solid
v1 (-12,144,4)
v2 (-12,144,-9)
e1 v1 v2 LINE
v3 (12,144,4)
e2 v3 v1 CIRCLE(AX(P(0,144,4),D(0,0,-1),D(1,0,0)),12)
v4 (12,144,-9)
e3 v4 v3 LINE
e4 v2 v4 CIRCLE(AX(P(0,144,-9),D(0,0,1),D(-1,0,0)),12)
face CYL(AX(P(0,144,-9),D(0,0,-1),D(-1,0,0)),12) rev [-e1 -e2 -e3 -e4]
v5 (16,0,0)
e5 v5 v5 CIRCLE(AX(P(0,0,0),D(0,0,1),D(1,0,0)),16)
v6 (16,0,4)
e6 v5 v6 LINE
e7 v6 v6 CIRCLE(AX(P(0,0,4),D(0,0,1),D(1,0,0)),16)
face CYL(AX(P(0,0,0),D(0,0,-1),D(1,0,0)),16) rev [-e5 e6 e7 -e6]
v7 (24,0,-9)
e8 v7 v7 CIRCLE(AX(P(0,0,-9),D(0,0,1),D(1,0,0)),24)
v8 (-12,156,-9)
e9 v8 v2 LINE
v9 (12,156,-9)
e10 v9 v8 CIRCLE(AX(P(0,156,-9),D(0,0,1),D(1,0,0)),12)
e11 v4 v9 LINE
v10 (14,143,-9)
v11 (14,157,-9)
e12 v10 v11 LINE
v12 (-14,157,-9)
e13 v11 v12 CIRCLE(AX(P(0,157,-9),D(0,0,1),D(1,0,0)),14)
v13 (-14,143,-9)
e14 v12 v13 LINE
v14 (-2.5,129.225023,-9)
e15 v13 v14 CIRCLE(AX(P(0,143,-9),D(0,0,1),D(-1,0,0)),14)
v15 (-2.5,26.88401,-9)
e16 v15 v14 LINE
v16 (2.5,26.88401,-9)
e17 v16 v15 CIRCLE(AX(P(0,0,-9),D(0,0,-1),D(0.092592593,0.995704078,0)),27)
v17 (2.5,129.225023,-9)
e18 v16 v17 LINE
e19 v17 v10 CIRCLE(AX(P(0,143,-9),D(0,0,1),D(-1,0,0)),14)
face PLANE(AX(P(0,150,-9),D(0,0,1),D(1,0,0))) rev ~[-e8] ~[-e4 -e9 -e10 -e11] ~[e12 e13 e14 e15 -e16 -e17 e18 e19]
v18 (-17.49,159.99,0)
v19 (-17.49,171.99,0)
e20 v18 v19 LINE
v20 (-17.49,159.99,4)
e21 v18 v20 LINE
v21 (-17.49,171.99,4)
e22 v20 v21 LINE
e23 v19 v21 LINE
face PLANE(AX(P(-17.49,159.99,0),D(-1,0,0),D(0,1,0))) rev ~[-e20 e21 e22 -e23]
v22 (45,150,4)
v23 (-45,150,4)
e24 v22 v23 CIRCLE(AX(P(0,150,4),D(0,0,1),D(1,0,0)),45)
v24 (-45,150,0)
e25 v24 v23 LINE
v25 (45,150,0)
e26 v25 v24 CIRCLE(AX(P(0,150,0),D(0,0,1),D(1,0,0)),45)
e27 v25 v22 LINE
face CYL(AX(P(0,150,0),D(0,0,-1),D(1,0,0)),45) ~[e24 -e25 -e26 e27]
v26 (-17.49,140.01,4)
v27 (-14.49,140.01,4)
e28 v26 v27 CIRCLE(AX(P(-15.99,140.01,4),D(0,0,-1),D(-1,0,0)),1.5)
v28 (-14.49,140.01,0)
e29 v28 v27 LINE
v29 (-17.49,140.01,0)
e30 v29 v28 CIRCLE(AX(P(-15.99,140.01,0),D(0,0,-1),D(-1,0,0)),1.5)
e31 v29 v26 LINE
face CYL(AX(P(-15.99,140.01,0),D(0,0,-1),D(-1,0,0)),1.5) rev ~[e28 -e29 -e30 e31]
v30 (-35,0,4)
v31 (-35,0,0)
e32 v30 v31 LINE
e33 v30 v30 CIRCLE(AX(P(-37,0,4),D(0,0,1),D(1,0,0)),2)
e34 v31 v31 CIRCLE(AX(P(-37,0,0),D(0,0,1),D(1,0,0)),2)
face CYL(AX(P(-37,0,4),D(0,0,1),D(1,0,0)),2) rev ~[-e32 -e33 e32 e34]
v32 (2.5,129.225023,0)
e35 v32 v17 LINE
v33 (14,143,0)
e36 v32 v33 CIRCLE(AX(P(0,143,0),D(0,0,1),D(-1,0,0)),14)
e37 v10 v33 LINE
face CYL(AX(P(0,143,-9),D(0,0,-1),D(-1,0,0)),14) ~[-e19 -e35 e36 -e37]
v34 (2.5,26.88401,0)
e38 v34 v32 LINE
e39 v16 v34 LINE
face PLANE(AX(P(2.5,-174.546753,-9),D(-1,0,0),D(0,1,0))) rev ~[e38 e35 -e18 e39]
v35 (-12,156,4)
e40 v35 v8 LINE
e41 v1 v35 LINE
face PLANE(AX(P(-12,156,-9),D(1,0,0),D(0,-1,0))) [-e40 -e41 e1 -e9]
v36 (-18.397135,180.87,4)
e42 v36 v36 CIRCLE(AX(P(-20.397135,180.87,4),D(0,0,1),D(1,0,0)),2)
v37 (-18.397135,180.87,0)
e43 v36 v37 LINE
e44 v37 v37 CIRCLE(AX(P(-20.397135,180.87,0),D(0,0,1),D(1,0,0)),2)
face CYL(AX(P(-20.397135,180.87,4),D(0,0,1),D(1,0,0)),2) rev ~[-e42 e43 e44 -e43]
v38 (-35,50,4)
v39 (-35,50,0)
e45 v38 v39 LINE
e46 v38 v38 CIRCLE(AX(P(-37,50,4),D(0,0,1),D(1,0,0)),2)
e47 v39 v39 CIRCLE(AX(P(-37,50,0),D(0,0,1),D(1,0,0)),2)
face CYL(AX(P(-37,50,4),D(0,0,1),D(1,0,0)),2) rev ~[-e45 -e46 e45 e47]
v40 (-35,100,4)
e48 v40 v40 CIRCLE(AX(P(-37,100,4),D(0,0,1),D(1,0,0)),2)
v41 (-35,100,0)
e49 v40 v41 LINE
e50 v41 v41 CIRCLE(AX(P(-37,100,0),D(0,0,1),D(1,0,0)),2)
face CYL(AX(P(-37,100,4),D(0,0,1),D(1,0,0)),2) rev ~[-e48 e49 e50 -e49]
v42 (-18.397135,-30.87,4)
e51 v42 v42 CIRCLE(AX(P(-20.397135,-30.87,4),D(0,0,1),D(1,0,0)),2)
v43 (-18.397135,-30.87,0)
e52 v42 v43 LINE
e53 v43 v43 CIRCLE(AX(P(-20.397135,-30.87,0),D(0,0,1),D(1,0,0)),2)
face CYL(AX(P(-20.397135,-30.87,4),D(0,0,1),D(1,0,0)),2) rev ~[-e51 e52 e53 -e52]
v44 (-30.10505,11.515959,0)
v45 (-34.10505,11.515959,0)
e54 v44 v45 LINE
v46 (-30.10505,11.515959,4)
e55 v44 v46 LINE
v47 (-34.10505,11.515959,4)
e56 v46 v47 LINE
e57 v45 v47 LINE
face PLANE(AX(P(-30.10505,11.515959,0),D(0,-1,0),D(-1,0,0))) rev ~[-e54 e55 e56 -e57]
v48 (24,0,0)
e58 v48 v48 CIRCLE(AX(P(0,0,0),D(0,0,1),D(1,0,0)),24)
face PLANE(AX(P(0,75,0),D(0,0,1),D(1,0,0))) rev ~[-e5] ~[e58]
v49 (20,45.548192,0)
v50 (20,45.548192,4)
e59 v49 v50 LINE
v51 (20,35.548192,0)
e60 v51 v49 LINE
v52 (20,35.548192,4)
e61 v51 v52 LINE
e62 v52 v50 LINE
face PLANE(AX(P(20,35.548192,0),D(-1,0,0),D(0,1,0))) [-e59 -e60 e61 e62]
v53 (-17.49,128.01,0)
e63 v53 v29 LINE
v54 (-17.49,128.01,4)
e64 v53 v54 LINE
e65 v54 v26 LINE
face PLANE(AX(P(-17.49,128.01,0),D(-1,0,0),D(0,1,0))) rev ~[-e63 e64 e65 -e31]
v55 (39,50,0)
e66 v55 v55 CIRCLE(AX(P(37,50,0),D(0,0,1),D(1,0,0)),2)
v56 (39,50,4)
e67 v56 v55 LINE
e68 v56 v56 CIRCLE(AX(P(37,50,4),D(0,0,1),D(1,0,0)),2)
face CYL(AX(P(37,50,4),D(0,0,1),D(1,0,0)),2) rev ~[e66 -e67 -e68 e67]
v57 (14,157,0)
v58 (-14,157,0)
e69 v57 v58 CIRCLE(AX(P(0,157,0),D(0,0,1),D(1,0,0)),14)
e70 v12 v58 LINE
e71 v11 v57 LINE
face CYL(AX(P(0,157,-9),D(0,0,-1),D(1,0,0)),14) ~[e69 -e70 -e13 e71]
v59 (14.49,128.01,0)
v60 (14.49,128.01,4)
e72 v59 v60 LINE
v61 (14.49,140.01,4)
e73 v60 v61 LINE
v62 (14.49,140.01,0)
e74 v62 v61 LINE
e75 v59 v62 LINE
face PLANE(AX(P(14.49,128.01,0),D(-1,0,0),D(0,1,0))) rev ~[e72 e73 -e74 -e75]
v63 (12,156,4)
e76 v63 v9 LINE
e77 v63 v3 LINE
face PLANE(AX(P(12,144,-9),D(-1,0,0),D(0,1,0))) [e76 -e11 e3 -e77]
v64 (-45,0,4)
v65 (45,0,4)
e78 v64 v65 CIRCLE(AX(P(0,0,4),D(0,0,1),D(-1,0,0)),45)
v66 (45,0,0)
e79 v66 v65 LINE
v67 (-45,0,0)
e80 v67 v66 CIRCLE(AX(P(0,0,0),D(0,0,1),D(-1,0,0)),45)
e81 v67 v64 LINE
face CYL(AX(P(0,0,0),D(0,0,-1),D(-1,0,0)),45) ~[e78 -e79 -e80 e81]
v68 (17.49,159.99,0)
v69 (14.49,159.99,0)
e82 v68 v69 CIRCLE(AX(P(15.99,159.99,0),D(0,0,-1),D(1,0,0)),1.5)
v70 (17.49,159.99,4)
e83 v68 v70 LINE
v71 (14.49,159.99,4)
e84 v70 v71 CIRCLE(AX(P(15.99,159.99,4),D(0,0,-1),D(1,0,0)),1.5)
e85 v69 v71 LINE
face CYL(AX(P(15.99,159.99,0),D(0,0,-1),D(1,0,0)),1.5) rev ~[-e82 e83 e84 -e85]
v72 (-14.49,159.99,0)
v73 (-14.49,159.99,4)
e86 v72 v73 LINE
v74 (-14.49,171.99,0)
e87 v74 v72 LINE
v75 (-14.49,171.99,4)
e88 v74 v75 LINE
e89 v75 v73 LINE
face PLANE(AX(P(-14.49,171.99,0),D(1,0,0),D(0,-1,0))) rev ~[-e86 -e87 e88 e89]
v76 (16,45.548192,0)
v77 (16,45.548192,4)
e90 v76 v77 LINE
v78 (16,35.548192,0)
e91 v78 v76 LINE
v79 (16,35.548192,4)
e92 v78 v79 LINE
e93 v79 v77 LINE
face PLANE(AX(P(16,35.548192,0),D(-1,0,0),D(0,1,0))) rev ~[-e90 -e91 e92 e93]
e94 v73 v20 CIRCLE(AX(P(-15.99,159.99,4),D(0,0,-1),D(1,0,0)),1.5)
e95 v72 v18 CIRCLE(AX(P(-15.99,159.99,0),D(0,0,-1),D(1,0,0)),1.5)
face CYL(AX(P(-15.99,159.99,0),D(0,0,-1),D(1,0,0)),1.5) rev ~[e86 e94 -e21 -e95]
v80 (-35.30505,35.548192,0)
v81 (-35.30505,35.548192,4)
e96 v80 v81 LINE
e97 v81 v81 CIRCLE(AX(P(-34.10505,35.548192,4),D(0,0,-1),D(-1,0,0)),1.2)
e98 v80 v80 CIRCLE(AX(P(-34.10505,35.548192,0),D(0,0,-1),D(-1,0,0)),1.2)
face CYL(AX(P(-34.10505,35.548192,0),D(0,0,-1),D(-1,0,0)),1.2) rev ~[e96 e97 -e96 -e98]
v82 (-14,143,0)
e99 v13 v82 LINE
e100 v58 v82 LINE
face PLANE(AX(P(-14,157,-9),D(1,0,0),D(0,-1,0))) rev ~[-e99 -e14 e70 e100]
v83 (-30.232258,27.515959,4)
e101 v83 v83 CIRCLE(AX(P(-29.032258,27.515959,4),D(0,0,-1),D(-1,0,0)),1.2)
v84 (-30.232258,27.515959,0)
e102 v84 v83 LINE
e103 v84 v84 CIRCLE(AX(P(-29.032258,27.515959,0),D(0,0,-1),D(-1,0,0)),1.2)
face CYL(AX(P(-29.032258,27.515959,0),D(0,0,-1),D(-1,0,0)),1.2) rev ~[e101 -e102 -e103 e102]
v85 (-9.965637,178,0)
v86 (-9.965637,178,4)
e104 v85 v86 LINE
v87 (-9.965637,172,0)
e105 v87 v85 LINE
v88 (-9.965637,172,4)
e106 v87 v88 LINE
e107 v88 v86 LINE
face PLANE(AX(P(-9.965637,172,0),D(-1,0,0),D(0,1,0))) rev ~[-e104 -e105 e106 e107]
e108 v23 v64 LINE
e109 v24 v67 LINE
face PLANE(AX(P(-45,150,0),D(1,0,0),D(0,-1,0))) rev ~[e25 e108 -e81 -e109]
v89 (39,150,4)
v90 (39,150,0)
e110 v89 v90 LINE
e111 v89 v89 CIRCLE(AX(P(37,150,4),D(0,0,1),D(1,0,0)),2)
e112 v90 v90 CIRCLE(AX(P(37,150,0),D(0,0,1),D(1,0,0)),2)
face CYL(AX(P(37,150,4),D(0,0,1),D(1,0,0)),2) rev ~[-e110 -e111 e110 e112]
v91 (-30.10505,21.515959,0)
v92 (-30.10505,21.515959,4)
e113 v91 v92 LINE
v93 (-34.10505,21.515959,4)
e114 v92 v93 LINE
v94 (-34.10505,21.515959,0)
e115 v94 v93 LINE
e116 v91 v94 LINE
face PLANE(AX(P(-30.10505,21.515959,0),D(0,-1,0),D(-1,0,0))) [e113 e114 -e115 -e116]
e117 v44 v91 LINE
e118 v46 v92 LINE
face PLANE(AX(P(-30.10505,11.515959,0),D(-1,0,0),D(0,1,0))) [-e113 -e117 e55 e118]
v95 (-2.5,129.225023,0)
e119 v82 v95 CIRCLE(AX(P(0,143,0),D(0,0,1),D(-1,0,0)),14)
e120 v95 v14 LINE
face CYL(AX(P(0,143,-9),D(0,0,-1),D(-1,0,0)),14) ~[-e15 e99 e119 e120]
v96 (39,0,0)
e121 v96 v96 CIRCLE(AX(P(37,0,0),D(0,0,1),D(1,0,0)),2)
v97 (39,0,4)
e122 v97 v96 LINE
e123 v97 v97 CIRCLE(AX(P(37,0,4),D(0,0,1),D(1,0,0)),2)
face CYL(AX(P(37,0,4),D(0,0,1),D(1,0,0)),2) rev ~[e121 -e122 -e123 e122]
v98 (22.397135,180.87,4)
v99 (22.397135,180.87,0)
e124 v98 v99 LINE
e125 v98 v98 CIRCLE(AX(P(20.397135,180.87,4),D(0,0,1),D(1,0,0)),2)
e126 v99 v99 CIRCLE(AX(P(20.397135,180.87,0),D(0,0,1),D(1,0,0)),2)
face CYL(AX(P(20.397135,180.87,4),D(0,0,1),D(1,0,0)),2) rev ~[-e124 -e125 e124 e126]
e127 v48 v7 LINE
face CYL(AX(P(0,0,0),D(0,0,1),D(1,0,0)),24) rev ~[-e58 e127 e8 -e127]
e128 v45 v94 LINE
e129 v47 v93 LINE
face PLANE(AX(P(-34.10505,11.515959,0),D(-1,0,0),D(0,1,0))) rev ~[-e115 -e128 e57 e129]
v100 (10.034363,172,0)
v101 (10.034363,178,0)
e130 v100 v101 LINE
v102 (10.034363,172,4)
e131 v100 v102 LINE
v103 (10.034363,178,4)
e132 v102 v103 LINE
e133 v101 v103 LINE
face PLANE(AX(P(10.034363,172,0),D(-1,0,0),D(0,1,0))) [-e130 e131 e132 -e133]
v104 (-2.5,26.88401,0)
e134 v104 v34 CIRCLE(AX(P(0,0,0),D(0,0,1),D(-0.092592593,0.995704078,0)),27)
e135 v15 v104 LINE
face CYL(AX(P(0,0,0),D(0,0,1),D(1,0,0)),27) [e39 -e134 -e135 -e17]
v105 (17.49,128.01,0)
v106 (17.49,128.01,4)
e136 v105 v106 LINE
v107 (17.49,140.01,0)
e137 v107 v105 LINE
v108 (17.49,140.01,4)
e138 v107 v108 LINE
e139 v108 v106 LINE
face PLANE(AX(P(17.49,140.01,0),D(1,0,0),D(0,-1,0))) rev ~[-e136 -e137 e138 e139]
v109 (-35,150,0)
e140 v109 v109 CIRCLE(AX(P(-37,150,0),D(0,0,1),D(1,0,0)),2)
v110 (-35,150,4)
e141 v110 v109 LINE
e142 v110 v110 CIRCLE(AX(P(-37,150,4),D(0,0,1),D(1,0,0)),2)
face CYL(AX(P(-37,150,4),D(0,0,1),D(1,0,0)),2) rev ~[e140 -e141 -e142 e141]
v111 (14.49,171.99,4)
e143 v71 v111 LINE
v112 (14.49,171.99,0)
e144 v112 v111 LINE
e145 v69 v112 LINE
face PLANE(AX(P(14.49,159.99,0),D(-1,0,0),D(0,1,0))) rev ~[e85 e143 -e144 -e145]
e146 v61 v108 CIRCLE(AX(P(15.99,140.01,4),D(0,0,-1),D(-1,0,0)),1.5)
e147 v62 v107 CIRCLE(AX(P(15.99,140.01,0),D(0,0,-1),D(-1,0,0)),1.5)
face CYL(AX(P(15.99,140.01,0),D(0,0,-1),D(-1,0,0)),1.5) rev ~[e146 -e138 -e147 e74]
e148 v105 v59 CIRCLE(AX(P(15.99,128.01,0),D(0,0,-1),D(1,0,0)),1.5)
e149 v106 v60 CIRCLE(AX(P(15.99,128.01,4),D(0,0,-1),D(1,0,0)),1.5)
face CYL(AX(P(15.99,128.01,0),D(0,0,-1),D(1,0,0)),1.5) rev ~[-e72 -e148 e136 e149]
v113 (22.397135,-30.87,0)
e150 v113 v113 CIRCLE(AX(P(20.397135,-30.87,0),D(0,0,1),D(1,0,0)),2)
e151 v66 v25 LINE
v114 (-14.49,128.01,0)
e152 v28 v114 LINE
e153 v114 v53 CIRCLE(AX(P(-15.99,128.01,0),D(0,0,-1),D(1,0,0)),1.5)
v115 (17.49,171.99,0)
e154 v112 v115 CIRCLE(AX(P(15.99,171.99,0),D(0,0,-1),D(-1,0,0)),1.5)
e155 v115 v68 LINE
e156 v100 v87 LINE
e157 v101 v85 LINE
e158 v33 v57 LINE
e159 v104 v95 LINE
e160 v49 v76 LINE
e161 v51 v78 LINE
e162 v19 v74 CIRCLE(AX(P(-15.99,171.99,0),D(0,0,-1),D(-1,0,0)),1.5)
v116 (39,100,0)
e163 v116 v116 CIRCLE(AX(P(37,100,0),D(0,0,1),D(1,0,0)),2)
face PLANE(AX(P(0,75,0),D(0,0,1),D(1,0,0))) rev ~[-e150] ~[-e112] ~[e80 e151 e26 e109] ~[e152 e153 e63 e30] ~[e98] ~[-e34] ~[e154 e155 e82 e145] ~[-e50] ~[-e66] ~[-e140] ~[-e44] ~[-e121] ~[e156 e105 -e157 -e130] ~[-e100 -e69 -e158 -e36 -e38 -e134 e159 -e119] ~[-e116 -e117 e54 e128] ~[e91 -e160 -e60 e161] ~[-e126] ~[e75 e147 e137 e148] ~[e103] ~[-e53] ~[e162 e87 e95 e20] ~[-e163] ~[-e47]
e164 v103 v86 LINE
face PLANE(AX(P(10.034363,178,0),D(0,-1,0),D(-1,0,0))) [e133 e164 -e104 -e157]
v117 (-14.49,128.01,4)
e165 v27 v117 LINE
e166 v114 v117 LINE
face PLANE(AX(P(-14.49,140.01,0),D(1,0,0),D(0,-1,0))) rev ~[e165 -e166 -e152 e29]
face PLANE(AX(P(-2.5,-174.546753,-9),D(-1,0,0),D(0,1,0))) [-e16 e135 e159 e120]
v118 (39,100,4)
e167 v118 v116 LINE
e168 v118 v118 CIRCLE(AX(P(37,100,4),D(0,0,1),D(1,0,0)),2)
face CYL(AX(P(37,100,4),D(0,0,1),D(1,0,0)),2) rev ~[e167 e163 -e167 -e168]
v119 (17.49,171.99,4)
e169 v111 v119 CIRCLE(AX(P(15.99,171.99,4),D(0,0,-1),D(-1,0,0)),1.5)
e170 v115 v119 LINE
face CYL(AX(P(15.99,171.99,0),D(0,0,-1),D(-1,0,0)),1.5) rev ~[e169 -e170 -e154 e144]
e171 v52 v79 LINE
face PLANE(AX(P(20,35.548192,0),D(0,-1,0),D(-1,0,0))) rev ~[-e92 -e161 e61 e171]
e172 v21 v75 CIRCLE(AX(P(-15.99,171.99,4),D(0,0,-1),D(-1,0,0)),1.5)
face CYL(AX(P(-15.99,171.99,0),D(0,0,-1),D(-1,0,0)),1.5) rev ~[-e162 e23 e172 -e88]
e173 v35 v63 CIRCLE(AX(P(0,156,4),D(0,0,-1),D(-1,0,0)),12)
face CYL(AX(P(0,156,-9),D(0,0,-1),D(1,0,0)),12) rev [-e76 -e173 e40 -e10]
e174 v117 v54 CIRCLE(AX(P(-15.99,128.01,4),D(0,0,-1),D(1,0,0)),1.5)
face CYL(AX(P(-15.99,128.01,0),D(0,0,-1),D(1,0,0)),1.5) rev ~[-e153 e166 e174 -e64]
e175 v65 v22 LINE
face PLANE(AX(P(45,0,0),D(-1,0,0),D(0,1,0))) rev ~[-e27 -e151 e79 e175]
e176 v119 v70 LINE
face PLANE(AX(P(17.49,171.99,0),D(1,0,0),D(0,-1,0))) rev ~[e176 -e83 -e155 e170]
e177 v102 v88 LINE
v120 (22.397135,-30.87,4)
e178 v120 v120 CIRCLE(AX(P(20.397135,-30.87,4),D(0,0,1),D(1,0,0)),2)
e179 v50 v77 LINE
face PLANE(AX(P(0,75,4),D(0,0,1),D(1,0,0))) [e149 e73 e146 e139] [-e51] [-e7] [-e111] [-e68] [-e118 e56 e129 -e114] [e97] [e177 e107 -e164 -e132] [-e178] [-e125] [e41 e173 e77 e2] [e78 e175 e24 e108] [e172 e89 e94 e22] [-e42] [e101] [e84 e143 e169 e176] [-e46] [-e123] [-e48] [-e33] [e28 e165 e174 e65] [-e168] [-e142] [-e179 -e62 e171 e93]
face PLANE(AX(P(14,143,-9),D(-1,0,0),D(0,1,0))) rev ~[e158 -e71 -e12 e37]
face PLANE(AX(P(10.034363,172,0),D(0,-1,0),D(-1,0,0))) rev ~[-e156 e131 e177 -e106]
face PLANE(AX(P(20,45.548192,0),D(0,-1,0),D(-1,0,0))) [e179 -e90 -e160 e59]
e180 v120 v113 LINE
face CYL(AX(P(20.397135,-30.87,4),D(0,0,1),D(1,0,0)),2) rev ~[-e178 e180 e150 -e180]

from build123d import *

# Parameters (mm, degrees)
ESBO_O1_R                = 16
RESSALTO_EXTRUS_O1_DEPTH = 4
ESBO_O2_R                = 27
ESBO_O2_R_2              = 24
RESSALTO_EXTRUS_O2_DEPTH = 9
ESBO_O4_R                = 2
CORTE_EXTRUS_O1_DEPTH    = 4
RESSALTO_EXTRUS_O3_START = 9
RESSALTO_EXTRUS_O3_DEPTH = 9
NERVURA4_REACH           = 202.547
ESBO_O8_WALLS_W          = 5
ESBO_O8_WALLS_H          = 505.093505308
ESBO_O9_R                = 1.2
ESBO_O9_W                = 4
ESBO_O9_H                = 10
ESBO_O9_W_2              = 20
ESBO_O9_H_2              = 6
CORTE_EXTRUS_O2_DEPTH    = 4


with BuildPart() as part:
    # Esboço1 → Ressalto-extrusão1 (new body)
    with BuildSketch(Plane.XY):
        with BuildLine():
            Line((45, 0), (45, 150))
            ThreePointArc((45, 150), (0, 195), (-45, 150))
            Line((-45, 150), (-45, 0))
            ThreePointArc((-45, 0), (0, -45), (45, 0))
        make_face()
        Circle(ESBO_O1_R, mode=Mode.SUBTRACT)
        with BuildLine():
            Line((12, 156), (12, 144))
            ThreePointArc((12, 144), (0, 132), (-12, 144))
            Line((-12, 144), (-12, 156))
            ThreePointArc((-12, 156), (0, 168), (12, 156))
        make_face(mode=Mode.SUBTRACT)
        with BuildLine():
            Line((14.49, 159.99), (14.49, 171.99))
            ThreePointArc((14.49, 171.99), (15.99, 173.49), (17.49, 171.99))
            Line((17.49, 171.99), (17.49, 159.99))
            ThreePointArc((17.49, 159.99), (15.99, 158.49), (14.49, 159.99))
        make_face(mode=Mode.SUBTRACT)
        with BuildLine():
            Line((-17.49, 159.99), (-17.49, 171.99))
            ThreePointArc((-17.49, 171.99), (-15.99, 173.49), (-14.49, 171.99))
            Line((-14.49, 171.99), (-14.49, 159.99))
            ThreePointArc((-14.49, 159.99), (-15.99, 158.49), (-17.49, 159.99))
        make_face(mode=Mode.SUBTRACT)
        with BuildLine():
            Line((14.49, 128.01), (14.49, 140.01))
            ThreePointArc((14.49, 140.01), (15.99, 141.51), (17.49, 140.01))
            Line((17.49, 140.01), (17.49, 128.01))
            ThreePointArc((17.49, 128.01), (15.99, 126.51), (14.49, 128.01))
        make_face(mode=Mode.SUBTRACT)
        with BuildLine():
            Line((-17.49, 128.01), (-17.49, 140.01))
            ThreePointArc((-17.49, 140.01), (-15.99, 141.51), (-14.49, 140.01))
            Line((-14.49, 140.01), (-14.49, 128.01))
            ThreePointArc((-14.49, 128.01), (-15.99, 126.51), (-17.49, 128.01))
        make_face(mode=Mode.SUBTRACT)
    extrude(amount=RESSALTO_EXTRUS_O1_DEPTH)

    # Esboço2 → Ressalto-extrusão2 (add)
    with BuildSketch(Plane.XY):
        Circle(ESBO_O2_R)
        Circle(ESBO_O2_R_2, mode=Mode.SUBTRACT)
    extrude(amount=-RESSALTO_EXTRUS_O2_DEPTH)

    # Esboço4 → Corte-extrusão1 (cut)
    with BuildSketch(Plane.XY.offset(4)):
        with Locations((-37, 150)):
            Circle(ESBO_O4_R)
        with Locations((-37, 100)):
            Circle(ESBO_O4_R)
        with Locations((-37, 50)):
            Circle(ESBO_O4_R)
        with Locations((-37, 0)):
            Circle(ESBO_O4_R)
        with Locations((-20.397134603, 180.87)):
            Circle(ESBO_O4_R)
        with Locations((-20.397134603, -30.87)):
            Circle(ESBO_O4_R)
        with Locations((20.397134603, -30.87)):
            Circle(ESBO_O4_R)
        with Locations((20.397134603, 180.87)):
            Circle(ESBO_O4_R)
        with Locations((37, 0)):
            Circle(ESBO_O4_R)
        with Locations((37, 50)):
            Circle(ESBO_O4_R)
        with Locations((37, 100)):
            Circle(ESBO_O4_R)
        with Locations((37, 150)):
            Circle(ESBO_O4_R)
    extrude(amount=-CORTE_EXTRUS_O1_DEPTH, mode=Mode.SUBTRACT)

    # Esboço6 → Ressalto-extrusão3 (add)
    with BuildSketch(Plane(origin=(0, 0, 0), x_dir=(-1, 0, 0), z_dir=(0, 0, -1)).offset(RESSALTO_EXTRUS_O3_START)):
        with BuildLine():
            Line((-14, 143), (-14, 157))
            ThreePointArc((-14, 157), (0, 171), (14, 157))
            Line((14, 157), (14, 143))
            ThreePointArc((14, 143), (0, 129), (-14, 143))
        make_face()
        with BuildLine():
            Line((-12, 144), (-12, 156))
            ThreePointArc((-12, 156), (0, 168), (12, 156))
            Line((12, 156), (12, 144))
            ThreePointArc((12, 144), (0, 132), (-12, 144))
        make_face(mode=Mode.SUBTRACT)
    extrude(amount=-RESSALTO_EXTRUS_O3_DEPTH)

    # Esboço8 walls → Nervura4 (add, up to next)
    with BuildSketch(Plane(origin=(0, 0, -9), x_dir=(-1, 0, 0), z_dir=(0, 0, -1)), mode=Mode.PRIVATE) as nervura4_sk1:
        with Locations((0, 78)):
            Rectangle(ESBO_O8_WALLS_W, ESBO_O8_WALLS_H)
    nervura4_tool1 = extrude(nervura4_sk1.sketch, amount=-NERVURA4_REACH, mode=Mode.PRIVATE) - part.part
    add(nervura4_tool1.solids().sort_by_distance((0, 78, -9))[0])

    # Esboço9 → Corte-extrusão2 (cut)
    with BuildSketch(Plane(origin=(0, 0, 0), x_dir=(-1, 0, 0), z_dir=(0, 0, -1))):
        with Locations((29.032258065, 27.515958854)):
            Circle(ESBO_O9_R)
        with Locations((34.10505047, 35.548192492)):
            Circle(ESBO_O9_R)
        with Locations((32.10505047, 16.515958854)):
            Rectangle(ESBO_O9_W, ESBO_O9_H)
        with Locations((-0.034362558, 175)):
            Rectangle(ESBO_O9_W_2, ESBO_O9_H_2)
        with Locations((-18, 40.548192492)):
            Rectangle(ESBO_O9_W, ESBO_O9_H)
    extrude(amount=-CORTE_EXTRUS_O2_DEPTH, mode=Mode.SUBTRACT)


solid = part.part
